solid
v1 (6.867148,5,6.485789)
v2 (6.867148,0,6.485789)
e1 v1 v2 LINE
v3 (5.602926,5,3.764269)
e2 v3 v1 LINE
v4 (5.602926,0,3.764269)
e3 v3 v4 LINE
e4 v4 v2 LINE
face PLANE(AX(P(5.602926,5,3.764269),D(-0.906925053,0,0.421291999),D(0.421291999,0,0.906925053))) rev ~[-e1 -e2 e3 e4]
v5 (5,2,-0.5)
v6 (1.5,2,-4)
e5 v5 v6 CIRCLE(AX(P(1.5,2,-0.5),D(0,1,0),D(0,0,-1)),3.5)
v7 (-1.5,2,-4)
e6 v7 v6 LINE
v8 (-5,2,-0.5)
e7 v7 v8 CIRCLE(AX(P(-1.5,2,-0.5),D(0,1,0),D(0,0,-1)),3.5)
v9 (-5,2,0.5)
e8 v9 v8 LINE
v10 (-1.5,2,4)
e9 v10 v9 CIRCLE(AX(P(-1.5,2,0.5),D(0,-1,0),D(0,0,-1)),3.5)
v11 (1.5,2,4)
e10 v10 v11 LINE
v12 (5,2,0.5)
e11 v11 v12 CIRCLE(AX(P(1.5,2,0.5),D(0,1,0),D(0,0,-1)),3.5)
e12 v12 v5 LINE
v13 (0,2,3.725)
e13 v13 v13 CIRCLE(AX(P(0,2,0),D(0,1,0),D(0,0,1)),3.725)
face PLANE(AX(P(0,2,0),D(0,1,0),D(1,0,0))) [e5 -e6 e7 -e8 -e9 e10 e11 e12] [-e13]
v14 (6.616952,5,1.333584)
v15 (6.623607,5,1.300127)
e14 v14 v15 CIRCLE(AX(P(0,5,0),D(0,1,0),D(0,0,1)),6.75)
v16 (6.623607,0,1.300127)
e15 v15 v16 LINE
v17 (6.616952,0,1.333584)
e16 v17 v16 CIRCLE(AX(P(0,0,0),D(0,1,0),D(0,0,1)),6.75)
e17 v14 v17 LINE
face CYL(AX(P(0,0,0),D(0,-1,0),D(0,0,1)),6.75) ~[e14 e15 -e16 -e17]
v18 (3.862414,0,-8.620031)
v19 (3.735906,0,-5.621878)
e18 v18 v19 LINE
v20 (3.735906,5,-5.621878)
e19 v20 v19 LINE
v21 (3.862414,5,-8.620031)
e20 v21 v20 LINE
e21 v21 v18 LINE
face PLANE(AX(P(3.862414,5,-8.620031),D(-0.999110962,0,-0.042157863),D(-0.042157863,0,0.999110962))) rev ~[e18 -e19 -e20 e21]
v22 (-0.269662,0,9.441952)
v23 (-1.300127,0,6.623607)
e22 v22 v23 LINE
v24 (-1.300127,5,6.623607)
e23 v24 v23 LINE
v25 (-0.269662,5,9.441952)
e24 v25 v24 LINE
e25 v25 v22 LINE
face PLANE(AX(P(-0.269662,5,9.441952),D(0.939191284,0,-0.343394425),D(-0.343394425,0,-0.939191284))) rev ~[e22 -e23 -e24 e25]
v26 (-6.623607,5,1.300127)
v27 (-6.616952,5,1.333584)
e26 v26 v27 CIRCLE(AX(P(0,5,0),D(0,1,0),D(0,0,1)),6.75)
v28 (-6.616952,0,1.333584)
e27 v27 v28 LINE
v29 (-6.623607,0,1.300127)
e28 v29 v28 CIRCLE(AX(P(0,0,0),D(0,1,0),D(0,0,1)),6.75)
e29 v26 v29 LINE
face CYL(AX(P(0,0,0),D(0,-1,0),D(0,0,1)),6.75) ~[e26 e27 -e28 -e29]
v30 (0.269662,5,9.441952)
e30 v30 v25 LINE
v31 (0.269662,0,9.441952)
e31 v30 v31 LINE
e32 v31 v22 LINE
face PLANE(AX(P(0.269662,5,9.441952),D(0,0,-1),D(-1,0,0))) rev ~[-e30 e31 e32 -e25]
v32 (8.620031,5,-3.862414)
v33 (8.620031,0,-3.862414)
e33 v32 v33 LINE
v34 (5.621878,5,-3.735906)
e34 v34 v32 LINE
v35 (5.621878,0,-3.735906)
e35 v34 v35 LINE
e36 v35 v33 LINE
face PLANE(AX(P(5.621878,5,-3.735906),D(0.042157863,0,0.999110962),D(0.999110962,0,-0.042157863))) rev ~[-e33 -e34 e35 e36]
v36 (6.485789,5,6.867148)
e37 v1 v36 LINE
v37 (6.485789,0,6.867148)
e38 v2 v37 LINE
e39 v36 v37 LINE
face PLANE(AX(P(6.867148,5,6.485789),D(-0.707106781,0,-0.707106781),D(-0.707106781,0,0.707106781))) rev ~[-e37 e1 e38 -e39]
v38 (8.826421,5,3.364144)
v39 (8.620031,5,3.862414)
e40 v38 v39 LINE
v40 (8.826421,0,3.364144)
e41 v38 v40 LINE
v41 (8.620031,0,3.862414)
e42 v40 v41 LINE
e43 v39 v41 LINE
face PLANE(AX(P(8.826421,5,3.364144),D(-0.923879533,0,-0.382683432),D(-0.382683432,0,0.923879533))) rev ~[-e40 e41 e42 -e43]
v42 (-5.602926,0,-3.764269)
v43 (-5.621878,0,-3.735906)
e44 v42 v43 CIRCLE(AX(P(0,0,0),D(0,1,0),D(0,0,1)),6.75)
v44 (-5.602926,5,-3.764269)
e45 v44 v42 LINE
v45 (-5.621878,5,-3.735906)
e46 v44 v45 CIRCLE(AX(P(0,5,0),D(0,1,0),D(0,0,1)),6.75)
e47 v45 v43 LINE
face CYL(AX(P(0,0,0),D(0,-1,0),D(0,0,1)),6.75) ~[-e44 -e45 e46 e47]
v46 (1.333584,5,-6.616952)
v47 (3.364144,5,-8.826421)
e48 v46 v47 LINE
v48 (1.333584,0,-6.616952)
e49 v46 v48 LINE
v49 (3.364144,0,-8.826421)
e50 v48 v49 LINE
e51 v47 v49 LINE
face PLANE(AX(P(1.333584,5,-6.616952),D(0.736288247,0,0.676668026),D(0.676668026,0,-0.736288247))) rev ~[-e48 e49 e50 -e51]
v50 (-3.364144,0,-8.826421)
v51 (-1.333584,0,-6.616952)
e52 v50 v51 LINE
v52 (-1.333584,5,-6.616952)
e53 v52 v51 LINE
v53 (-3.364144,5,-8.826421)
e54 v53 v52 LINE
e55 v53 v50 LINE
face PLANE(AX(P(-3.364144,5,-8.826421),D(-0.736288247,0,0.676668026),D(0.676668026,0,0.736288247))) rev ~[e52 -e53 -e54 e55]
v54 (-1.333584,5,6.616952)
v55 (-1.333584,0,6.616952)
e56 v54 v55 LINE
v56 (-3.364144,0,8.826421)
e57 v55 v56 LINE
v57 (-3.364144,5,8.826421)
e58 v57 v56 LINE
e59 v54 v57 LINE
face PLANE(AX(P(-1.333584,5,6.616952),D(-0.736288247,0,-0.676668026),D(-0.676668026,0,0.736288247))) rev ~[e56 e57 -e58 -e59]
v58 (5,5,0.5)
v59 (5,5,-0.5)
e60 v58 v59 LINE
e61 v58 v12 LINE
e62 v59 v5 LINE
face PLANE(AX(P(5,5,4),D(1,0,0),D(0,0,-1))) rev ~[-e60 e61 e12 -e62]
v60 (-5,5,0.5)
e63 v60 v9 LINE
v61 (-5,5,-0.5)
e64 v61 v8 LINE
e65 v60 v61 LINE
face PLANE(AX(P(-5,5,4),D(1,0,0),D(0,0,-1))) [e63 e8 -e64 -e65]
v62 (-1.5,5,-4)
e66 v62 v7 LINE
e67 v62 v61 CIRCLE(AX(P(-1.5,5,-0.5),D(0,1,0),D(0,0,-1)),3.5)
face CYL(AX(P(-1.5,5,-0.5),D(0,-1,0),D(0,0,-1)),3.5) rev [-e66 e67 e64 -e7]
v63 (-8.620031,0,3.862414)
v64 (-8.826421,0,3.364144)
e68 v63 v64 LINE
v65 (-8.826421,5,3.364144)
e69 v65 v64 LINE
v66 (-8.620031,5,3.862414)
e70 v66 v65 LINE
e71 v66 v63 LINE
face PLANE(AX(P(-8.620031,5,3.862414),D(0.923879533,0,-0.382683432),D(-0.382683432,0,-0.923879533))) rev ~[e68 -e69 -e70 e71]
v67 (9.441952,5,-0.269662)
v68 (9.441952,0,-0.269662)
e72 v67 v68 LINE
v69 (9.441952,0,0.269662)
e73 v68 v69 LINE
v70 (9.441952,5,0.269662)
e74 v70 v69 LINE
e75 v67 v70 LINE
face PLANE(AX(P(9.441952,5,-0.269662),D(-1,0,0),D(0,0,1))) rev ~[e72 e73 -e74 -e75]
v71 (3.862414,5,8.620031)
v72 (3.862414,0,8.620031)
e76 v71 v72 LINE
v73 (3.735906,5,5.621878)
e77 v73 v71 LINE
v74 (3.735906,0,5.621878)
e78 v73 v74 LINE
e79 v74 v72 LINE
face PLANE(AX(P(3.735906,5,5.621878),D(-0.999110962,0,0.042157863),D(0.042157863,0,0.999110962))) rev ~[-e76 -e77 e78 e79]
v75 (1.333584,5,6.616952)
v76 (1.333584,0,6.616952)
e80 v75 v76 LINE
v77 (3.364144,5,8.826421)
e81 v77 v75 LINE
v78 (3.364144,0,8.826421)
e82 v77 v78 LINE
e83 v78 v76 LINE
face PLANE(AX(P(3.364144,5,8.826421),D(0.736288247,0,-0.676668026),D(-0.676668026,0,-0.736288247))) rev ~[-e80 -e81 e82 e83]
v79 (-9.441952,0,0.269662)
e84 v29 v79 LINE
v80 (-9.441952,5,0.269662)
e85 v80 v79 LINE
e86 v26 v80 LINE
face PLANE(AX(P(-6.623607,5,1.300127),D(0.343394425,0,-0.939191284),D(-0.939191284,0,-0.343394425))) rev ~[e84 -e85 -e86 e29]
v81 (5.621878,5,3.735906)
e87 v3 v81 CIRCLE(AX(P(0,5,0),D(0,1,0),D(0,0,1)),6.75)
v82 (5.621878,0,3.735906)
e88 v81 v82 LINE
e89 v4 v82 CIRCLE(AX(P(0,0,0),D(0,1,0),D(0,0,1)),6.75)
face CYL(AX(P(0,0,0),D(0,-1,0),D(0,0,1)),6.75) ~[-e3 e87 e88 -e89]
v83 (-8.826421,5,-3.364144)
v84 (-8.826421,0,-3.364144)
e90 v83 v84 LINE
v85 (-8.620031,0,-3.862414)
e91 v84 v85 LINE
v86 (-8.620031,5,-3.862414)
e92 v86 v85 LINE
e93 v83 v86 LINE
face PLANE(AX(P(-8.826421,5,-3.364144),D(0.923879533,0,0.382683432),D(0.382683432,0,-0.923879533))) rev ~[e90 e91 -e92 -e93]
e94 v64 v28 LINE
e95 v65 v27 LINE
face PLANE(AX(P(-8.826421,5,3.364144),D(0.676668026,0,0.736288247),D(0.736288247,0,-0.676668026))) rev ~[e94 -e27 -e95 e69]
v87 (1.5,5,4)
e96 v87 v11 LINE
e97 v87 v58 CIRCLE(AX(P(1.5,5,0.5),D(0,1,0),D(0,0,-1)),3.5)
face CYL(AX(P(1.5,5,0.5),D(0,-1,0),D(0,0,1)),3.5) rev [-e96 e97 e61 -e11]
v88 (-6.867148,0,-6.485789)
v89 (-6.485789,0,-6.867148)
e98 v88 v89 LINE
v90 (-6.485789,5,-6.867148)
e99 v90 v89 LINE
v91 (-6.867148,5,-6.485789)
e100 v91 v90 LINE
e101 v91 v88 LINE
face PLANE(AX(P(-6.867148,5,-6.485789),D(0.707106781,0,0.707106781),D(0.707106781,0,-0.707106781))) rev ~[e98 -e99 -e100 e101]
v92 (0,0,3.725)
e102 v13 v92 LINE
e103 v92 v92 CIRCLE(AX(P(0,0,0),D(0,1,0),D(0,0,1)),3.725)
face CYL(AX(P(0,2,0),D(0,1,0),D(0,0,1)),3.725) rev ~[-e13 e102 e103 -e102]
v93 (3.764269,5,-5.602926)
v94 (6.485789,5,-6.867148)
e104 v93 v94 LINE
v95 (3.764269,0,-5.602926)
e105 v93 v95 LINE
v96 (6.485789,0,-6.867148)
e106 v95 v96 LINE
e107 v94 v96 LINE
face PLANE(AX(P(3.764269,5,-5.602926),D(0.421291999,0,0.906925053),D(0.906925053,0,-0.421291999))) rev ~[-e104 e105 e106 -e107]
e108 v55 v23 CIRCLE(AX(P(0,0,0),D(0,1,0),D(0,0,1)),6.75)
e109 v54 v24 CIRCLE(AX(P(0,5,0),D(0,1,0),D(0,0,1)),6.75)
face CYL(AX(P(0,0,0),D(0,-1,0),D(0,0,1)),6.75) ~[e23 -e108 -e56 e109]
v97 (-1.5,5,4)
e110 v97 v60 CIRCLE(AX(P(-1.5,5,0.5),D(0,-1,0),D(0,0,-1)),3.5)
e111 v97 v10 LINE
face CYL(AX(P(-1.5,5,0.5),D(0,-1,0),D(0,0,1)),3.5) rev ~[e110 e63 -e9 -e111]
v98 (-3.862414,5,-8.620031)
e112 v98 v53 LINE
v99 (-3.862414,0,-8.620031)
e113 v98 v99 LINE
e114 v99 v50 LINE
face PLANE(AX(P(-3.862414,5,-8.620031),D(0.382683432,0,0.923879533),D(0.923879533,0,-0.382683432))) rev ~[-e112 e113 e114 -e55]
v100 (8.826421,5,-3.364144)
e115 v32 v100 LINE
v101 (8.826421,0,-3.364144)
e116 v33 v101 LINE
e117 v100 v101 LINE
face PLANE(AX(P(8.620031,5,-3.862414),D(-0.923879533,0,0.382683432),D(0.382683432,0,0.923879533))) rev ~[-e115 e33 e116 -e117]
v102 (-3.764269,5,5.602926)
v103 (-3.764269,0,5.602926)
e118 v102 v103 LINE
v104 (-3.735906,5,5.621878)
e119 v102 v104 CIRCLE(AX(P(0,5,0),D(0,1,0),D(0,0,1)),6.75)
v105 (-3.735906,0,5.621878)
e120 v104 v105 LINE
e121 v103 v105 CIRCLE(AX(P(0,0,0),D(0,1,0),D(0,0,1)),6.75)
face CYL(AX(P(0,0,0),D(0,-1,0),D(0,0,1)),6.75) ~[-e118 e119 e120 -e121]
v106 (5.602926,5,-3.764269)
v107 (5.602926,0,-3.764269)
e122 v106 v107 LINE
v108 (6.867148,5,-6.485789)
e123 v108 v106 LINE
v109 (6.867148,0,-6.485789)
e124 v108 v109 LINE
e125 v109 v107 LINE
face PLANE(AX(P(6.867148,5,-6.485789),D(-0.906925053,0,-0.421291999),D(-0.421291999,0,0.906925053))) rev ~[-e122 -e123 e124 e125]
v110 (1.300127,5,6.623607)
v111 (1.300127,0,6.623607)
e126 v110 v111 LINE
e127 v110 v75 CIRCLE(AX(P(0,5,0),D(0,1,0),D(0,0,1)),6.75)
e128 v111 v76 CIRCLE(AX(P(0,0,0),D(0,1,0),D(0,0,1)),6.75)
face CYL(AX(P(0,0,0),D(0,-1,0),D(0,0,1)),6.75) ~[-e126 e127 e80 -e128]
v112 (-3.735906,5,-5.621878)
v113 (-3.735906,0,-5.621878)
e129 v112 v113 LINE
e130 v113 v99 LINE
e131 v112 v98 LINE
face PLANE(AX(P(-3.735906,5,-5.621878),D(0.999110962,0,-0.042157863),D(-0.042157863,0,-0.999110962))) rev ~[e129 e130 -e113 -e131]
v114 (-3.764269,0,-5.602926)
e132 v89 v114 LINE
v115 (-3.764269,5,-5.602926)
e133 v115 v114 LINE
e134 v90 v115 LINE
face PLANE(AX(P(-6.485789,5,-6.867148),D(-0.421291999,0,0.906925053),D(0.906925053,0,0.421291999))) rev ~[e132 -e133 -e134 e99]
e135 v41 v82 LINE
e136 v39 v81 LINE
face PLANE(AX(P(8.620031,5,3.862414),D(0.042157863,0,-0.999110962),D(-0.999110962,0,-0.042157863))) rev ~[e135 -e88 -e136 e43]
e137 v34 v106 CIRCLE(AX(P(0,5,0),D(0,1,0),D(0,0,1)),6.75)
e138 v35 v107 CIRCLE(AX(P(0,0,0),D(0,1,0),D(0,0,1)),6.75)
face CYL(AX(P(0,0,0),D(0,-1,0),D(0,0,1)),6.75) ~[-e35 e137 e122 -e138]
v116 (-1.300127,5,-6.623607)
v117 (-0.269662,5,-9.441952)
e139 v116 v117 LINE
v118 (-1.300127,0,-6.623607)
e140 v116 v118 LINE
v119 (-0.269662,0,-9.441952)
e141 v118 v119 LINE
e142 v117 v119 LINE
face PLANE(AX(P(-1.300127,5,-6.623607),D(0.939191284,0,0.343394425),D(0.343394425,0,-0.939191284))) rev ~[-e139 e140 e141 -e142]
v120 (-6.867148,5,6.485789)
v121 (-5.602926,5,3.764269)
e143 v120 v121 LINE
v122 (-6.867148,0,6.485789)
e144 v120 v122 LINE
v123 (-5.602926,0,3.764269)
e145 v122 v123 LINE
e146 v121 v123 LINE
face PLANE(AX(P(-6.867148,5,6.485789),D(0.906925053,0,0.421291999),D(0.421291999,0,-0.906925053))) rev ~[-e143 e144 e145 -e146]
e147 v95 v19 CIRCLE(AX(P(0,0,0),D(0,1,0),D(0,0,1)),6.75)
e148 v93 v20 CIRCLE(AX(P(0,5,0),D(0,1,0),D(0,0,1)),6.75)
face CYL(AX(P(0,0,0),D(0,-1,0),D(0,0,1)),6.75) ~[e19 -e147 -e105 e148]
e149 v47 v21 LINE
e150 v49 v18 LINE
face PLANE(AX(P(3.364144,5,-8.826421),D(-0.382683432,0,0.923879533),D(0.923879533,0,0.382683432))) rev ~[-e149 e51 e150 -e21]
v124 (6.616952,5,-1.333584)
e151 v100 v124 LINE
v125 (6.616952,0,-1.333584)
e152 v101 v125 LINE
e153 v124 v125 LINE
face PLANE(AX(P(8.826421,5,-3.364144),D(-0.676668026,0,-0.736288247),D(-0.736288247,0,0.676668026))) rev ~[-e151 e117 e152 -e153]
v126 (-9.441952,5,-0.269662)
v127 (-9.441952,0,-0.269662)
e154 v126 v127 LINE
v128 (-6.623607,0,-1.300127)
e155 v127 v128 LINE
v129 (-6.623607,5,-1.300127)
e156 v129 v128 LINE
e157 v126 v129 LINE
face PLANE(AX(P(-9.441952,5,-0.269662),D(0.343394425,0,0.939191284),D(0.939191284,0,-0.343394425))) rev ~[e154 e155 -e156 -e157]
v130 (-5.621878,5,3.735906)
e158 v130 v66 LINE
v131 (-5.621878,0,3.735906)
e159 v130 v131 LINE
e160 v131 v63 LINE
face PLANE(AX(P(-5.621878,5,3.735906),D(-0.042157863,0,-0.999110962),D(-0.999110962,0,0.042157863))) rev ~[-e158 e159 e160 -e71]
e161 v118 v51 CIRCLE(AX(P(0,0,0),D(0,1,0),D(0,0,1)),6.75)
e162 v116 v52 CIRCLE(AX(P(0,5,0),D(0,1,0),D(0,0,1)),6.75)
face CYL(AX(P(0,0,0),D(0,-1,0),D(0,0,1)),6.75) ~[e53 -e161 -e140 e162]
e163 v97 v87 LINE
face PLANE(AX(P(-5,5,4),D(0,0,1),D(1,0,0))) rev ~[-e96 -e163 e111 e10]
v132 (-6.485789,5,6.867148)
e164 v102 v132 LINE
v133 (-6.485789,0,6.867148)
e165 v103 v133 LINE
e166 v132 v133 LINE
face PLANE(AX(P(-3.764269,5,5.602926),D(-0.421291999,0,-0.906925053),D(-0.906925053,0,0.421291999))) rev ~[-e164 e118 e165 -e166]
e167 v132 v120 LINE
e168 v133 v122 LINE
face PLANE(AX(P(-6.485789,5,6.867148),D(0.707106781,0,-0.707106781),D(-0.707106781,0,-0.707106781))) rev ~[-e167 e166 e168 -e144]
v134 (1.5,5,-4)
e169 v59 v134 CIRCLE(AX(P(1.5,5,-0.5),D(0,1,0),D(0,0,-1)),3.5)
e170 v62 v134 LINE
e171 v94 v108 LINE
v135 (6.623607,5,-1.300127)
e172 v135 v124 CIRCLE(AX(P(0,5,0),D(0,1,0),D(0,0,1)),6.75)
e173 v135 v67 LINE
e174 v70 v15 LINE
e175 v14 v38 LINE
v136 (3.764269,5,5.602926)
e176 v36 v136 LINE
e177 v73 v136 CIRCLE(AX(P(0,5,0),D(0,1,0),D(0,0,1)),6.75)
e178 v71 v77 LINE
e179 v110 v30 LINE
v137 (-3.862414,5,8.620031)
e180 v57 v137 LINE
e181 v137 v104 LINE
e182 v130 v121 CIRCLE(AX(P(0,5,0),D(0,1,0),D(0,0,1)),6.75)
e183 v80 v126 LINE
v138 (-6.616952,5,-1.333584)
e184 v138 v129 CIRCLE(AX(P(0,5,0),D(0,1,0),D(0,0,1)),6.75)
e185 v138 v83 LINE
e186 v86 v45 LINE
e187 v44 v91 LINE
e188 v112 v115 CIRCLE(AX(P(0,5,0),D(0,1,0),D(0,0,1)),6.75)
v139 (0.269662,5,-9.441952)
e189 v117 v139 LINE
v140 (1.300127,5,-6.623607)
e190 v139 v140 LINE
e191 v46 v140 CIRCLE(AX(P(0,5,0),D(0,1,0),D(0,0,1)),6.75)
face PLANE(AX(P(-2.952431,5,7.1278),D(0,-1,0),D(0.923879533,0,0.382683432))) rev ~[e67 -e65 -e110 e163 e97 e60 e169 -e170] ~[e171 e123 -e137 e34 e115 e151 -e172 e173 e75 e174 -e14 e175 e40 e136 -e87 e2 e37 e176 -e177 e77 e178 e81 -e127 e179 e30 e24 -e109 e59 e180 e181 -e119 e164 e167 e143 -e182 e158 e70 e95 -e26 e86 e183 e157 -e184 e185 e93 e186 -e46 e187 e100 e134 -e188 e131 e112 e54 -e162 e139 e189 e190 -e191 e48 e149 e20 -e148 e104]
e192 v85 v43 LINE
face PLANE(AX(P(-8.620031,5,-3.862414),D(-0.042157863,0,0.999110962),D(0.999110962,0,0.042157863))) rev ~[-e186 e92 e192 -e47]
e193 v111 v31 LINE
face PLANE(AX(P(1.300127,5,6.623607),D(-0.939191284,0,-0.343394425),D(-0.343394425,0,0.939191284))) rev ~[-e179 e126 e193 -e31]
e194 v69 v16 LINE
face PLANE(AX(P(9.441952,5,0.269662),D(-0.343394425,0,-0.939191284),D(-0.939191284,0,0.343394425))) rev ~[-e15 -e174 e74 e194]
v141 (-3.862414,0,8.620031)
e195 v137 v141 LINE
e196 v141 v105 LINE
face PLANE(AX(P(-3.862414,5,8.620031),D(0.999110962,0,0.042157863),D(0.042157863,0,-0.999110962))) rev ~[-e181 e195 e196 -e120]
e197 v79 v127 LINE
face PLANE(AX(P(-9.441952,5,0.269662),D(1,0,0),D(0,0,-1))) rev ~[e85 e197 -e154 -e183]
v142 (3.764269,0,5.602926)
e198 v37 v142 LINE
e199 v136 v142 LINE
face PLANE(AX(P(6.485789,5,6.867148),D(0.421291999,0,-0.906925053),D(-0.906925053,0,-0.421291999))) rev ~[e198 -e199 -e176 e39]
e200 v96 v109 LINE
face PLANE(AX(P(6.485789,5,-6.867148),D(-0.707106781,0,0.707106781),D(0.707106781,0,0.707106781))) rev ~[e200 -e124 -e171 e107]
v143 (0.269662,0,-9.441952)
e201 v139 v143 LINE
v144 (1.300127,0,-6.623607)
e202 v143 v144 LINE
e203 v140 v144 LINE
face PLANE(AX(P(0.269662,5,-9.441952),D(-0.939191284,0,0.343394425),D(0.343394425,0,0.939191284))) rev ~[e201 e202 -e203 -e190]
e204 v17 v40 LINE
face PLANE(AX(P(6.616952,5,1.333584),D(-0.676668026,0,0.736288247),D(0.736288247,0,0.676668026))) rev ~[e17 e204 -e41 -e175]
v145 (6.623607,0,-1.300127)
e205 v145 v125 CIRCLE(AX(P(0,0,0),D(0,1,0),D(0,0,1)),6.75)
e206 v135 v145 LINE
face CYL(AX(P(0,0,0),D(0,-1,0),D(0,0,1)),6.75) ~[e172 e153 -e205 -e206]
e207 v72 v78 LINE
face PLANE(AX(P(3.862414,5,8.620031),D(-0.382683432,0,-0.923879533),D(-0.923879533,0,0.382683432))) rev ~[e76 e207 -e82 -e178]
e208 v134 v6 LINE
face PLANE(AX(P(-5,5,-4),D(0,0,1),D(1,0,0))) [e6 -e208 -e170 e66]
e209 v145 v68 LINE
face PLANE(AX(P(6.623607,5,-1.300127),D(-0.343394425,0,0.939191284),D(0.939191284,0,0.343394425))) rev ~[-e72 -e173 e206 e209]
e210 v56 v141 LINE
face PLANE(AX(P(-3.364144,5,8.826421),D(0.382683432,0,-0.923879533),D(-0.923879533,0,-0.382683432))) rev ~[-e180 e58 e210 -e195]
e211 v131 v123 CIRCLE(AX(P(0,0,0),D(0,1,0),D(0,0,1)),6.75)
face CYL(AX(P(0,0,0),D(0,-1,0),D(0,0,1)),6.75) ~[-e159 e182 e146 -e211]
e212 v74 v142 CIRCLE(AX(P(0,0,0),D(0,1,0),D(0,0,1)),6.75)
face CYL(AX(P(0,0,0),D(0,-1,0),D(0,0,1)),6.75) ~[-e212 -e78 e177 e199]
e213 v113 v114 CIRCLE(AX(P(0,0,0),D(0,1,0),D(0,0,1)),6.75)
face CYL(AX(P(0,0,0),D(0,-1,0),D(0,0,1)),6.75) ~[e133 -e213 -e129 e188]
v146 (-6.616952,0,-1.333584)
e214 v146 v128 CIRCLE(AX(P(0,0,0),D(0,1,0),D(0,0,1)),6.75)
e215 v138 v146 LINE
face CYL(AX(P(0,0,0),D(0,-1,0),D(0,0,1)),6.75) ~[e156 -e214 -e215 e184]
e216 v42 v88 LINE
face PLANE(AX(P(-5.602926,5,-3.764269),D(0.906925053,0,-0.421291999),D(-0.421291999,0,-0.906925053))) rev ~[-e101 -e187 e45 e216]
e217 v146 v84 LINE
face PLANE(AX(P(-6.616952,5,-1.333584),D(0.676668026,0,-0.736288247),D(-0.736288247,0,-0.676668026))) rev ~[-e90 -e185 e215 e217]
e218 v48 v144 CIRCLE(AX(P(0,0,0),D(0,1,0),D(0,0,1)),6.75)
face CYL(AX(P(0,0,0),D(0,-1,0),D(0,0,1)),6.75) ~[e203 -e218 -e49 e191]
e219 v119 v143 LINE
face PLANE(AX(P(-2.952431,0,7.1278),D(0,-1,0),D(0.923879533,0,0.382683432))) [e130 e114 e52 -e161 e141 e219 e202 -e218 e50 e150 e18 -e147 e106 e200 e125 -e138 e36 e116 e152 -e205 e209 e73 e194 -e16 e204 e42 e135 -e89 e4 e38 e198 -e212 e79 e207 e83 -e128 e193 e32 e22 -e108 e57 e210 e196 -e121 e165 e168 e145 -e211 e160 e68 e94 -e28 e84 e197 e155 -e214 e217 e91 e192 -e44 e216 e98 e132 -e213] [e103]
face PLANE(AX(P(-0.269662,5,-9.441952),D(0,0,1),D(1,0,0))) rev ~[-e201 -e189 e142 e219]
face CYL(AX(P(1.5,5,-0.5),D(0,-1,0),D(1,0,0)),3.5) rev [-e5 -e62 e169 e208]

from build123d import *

# Parameters (mm, degrees)
SKETCH2_R           = 6.75
BOSS_EXTRUDE1_DEPTH = 5
SKETCH3_W           = 10
SKETCH3_H           = 8
CUT_EXTRUDE1_DEPTH  = 3
FILLET1_R           = 3.5
SKETCH4_R           = 3.725
CUT_EXTRUDE2_DEPTH  = 11.006248048
BOSS_EXTRUDE2_DEPTH = 5
CIRPATTERN1_COUNT   = 16


with BuildPart() as part:
    # Sketch2 → Boss-Extrude1 (new body)
    with BuildSketch(Plane(origin=(0, 0, 0), x_dir=(1, 0, 0), z_dir=(0, 1, 0))):
        with Locations(Location((0, 0, 0), (0, 0, 270))):
            Circle(SKETCH2_R)
    extrude(amount=BOSS_EXTRUDE1_DEPTH)

    # Sketch3 → Cut-Extrude1 (cut)
    with BuildSketch(Plane(origin=(0, 5, 0), x_dir=(1, 0, 0), z_dir=(0, 1, 0))):
        Rectangle(SKETCH3_W, SKETCH3_H)
    extrude(amount=-CUT_EXTRUDE1_DEPTH, mode=Mode.SUBTRACT)

    # Fillet1
    fillet1_edges = [part.edges().sort_by_distance(p)[0] for p in [
        (5, 3.5, -4),
        (5, 3.5, 4),
        (-5, 3.5, 4),
        (-5, 3.5, -4),
    ]]
    fillet(fillet1_edges, radius=FILLET1_R)

    # Sketch4 → Cut-Extrude2 (cut, through all)
    with BuildSketch(Plane(origin=(0, 2, 0), x_dir=(1, 0, 0), z_dir=(0, 1, 0))):
        with Locations(Location((0, 0, 0), (0, 0, 270))):
            Circle(SKETCH4_R)
    extrude(amount=-CUT_EXTRUDE2_DEPTH, mode=Mode.SUBTRACT)

    # Sketch5 → Boss-Extrude2 (add)
    with BuildSketch(Plane(origin=(0, 5, 0), x_dir=(1, 0, 0), z_dir=(0, 1, 0))):
        Polygon((-1.300127145, 6.623606979), (-0.269661895, 9.441952037), (0.269661895, 9.441952037), (1.300127145, 6.623606979), align=None)
        Polygon((-0.269661895, -9.441952037), (-1.300127145, -6.623606979), (1.300127145, -6.623606979), (0.269661895, -9.441952037), align=None)
    boss_extrude2 = extrude(amount=-BOSS_EXTRUDE2_DEPTH)

    # CirPattern1: Boss-Extrude2 ×16 about axis
    cirpattern1_axis = Axis((0, 0, 0), (0, 1, 0))
    for i in range(1, CIRPATTERN1_COUNT):
        add(boss_extrude2.rotate(cirpattern1_axis, i * 360 / CIRPATTERN1_COUNT))


solid = part.part
